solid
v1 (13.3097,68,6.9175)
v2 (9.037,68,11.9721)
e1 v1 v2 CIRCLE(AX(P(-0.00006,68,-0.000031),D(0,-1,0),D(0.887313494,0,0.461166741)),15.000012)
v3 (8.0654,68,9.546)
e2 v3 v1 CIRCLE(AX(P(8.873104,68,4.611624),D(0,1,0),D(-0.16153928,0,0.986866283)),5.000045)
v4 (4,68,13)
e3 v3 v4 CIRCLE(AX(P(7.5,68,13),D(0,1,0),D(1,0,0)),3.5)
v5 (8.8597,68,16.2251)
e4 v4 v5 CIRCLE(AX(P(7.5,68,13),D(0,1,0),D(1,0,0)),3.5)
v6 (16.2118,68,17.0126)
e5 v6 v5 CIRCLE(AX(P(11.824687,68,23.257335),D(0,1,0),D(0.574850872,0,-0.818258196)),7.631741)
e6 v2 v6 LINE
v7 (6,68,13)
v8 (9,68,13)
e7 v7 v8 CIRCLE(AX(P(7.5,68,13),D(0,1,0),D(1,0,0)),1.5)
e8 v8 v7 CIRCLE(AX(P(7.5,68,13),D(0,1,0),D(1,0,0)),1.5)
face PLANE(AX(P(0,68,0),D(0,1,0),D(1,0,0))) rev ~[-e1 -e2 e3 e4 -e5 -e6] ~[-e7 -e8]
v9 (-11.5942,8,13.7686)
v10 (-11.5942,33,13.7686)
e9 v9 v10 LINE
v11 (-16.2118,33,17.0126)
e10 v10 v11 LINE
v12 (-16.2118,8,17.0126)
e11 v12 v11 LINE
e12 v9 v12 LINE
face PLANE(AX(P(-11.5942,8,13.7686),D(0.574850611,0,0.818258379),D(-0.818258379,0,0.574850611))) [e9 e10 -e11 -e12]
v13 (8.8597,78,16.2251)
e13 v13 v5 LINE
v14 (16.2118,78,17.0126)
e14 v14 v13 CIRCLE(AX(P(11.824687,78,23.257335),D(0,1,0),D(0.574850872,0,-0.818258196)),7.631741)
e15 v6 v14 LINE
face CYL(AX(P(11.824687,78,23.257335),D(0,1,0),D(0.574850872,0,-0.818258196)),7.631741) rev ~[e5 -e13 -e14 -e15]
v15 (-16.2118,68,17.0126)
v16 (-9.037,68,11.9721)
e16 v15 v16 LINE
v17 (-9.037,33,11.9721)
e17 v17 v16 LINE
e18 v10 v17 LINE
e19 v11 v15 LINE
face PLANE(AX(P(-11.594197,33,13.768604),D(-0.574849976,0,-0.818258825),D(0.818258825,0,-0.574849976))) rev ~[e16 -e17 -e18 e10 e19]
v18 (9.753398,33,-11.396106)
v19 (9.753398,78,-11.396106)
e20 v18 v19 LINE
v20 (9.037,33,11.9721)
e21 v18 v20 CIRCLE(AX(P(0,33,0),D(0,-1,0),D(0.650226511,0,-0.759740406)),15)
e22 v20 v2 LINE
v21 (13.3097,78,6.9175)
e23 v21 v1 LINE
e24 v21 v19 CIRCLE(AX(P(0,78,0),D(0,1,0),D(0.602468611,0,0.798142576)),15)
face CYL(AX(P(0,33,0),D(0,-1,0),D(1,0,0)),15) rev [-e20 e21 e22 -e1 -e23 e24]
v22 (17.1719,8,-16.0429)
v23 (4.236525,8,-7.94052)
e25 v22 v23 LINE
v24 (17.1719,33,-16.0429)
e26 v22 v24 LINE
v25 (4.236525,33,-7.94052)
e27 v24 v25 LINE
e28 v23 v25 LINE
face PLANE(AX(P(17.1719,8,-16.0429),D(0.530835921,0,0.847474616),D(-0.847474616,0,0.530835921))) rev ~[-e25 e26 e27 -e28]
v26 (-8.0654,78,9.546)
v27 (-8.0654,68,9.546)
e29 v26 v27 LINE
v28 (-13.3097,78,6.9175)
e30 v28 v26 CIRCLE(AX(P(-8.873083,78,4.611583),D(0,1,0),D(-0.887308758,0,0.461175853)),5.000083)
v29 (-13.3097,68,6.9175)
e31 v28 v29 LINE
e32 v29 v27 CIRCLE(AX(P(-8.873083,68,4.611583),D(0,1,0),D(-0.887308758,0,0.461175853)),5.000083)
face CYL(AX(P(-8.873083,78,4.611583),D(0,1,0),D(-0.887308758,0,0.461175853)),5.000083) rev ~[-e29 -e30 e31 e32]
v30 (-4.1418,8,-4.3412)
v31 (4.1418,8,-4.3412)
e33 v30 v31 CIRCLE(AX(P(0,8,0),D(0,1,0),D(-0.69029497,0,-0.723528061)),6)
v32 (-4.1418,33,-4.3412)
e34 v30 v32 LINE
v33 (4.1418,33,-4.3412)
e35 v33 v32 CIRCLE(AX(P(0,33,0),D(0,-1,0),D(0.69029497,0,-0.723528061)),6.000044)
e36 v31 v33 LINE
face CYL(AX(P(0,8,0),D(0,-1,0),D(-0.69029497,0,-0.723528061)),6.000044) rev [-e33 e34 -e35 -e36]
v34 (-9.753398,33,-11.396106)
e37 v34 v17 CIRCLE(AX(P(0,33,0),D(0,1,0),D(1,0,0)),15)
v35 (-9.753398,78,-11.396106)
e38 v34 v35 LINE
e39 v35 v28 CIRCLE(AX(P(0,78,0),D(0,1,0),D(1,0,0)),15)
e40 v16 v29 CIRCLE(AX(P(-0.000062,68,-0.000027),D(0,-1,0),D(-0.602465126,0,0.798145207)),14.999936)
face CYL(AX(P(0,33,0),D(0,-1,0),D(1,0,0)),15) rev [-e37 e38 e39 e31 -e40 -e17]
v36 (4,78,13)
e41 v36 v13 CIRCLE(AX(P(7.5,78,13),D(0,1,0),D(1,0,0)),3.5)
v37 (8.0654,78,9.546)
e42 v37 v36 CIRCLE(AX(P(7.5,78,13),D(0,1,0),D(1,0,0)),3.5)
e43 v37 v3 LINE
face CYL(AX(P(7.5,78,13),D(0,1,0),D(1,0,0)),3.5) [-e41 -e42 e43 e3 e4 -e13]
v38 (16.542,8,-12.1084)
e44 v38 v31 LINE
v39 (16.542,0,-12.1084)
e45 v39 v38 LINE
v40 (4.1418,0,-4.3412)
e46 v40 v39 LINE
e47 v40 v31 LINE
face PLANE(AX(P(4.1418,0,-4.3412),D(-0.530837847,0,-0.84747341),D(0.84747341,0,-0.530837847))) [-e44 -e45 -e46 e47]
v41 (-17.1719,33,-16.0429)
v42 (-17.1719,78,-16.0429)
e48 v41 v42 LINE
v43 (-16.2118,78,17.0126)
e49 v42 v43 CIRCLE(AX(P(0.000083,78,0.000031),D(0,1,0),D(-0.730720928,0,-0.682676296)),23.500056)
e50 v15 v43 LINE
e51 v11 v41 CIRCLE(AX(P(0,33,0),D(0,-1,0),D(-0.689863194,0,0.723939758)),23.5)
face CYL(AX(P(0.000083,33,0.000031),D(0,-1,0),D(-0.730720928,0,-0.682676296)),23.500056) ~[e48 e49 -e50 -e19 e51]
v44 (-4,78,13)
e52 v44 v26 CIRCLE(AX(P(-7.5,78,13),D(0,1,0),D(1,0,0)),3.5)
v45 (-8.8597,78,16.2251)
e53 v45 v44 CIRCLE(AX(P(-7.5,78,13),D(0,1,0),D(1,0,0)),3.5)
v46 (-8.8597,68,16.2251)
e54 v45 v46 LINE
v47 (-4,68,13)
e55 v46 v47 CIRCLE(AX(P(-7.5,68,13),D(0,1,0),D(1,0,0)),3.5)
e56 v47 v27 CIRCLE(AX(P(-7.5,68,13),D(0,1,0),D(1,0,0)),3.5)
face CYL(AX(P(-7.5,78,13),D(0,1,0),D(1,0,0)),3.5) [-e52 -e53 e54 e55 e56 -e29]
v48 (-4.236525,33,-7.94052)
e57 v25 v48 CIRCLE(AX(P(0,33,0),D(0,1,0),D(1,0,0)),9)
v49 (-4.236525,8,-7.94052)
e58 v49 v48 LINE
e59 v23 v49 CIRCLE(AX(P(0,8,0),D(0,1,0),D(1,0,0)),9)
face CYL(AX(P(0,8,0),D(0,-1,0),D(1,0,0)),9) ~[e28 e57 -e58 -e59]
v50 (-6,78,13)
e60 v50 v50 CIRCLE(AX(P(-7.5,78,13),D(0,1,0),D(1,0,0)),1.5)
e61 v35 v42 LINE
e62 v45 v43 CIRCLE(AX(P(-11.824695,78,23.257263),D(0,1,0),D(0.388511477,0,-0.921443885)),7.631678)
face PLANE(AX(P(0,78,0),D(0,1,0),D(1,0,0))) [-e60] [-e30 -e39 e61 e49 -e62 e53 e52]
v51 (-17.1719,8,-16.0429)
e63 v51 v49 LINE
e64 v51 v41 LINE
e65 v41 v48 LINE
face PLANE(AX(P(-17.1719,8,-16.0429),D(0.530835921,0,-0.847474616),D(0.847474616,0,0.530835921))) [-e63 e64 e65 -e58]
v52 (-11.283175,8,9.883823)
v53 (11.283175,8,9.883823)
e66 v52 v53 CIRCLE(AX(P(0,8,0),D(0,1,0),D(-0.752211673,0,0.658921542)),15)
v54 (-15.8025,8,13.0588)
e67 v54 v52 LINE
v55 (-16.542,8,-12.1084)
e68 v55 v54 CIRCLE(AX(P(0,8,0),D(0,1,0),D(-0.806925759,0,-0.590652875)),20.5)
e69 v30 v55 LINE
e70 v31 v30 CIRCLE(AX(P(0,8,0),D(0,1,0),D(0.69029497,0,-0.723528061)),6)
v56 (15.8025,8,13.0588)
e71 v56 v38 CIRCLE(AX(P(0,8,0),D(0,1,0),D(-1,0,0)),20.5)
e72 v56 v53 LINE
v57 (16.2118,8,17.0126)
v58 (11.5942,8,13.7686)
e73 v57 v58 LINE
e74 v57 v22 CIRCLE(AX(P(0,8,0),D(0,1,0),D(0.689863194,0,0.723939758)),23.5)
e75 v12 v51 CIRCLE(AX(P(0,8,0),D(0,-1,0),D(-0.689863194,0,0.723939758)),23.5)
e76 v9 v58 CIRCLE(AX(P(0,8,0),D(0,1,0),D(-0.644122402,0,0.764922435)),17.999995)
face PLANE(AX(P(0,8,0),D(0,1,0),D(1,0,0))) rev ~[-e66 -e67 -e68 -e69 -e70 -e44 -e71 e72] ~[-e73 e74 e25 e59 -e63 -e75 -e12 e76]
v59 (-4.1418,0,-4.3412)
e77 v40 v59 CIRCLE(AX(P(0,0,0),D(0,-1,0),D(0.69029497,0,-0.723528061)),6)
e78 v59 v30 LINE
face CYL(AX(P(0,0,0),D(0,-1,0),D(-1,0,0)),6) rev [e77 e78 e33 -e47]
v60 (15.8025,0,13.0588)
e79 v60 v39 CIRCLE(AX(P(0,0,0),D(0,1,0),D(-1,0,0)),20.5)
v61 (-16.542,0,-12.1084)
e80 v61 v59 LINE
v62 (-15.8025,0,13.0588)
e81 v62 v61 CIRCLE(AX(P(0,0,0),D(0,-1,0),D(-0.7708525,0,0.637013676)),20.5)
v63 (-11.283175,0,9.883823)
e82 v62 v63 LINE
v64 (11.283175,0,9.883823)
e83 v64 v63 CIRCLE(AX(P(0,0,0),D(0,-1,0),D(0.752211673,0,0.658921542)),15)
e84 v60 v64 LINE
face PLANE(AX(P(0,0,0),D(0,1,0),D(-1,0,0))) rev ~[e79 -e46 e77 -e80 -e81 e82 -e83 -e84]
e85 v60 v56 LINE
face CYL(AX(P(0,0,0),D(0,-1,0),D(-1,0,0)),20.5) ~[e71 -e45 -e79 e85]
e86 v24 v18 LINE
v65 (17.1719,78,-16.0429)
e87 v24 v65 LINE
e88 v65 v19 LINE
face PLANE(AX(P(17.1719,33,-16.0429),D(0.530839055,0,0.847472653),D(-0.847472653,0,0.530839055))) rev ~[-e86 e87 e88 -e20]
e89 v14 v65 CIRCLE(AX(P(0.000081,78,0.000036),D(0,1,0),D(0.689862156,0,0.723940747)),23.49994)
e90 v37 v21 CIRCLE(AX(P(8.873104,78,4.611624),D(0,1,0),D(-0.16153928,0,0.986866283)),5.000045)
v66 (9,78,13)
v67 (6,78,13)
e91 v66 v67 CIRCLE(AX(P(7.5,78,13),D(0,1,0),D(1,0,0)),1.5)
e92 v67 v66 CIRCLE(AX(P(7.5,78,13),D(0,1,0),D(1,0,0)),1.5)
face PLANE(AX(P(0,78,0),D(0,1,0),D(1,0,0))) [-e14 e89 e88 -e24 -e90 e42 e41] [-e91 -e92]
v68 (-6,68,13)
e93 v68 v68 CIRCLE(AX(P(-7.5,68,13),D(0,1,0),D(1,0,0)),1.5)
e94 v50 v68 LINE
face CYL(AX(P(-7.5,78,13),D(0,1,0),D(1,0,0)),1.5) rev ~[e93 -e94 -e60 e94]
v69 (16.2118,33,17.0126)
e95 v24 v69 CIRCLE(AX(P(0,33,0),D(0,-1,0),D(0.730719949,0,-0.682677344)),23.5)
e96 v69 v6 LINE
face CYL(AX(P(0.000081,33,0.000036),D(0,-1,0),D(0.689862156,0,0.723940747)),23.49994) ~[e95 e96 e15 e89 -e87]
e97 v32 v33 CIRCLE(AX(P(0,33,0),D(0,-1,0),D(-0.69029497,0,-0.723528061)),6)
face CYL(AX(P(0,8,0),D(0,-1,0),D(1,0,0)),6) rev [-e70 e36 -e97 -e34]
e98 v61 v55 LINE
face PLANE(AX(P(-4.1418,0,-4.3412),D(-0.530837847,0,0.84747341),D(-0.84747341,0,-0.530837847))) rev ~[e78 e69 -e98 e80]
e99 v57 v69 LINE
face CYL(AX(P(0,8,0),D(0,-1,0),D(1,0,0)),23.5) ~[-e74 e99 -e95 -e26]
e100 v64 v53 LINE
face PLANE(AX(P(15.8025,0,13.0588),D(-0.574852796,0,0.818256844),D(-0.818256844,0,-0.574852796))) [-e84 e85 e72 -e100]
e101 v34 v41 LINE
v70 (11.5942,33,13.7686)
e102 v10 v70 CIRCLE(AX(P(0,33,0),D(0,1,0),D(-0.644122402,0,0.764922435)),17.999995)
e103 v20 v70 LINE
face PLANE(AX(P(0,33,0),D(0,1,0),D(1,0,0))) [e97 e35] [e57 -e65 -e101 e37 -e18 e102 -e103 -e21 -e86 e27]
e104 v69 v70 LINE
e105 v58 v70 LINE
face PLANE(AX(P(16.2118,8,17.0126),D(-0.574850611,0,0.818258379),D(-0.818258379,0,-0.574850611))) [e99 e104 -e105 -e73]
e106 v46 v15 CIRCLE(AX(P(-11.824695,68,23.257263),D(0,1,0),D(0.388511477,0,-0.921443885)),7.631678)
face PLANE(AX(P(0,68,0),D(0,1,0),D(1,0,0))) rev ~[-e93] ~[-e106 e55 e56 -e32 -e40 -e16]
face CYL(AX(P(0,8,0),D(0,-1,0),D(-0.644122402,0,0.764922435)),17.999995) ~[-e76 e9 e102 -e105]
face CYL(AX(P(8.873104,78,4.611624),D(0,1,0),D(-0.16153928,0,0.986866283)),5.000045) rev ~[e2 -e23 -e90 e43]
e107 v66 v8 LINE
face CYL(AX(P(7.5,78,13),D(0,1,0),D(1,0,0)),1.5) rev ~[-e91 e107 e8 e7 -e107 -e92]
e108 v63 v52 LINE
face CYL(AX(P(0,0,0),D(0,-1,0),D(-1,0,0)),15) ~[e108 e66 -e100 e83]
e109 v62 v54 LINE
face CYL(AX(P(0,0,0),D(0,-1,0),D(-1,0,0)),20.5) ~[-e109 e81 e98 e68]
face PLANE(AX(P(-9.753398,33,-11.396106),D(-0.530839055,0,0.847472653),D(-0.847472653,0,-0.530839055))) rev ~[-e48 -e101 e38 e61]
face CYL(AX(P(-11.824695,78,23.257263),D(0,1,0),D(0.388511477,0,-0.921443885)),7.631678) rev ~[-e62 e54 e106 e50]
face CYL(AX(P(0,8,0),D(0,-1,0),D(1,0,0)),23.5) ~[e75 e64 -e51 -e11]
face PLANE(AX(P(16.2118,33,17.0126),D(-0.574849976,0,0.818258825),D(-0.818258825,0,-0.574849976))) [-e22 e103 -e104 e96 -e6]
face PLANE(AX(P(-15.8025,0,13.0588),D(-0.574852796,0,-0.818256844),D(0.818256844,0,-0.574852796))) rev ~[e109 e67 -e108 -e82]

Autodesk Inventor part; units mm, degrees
ref_plane "YZ Plane" through (0, 0, 0) normal (1, 0, 0) x (0, 1, 0)
ref_plane "XZ Plane" through (0, 0, 0) normal (0, 1, 0) x (-1, 0, 0)
ref_plane "XY Plane" through (0, 0, 0) normal (0, 0, 1) x (1, 0, 0)
sketch "스케치1" plane through (0, 0, 0) normal (0, 1, 0) x (-1, 0, 0)
  circle A0 centre (0, 0) radius 6
  circle A1 centre (0, 0) radius 20.5
  line L0 (4.1418, -4.3412) -> (16.542, -12.1084)
  line L1 (0, -28.7) -> (0, 28.7) projected
  line L2 (-4.1418, -4.3412) -> (-16.542, -12.1084)
  line L3 (15.8025, 13.0588) -> (3.8109, 4.6343)
  circle A2 centre (0, 0) radius 15
  line L4 (-15.8025, 13.0588) -> (-3.8109, 4.6343)
  point P0 (11.2832, 9.8838)
  point P1 (-11.2832, 9.8838)
  point P2 (-15.8025, 13.0588)
  point P3 (-16.542, -12.1084)
  dimension "d0" = 12
  dimension "d1" = 41
  dimension "d2" = 30
extrude "돌출1" add sketch "스케치1" along normal blind 8 contours A0 L3 A2 L0 | A0 L1 A2 L3 | A0 L4 A2 L1 | L3 A1 L0 A2 | A0 L2 A2 L4 | A2 L2 A1 L4
sketch "스케치3" plane through (0, 8, 0) normal (0, 1, 0) x (1, 0, 0)
  circle A0 centre (0, 0) radius 23.5
  arc A1 (-4.1418, 4.3412) -> (4.1418, 4.3412) centre (0, 0) ccw projected
  circle A2 centre (0, 0) radius 6
  line L0 (-15.8025, -13.0588) -> (-11.2832, -9.8838) projected
  arc A3 (-11.2832, -9.8838) -> (11.2832, -9.8838) centre (0, 0) ccw projected
  arc A4 (-16.542, 12.1084) -> (-15.8025, -13.0588) centre (0, 0) ccw projected
  line L1 (11.2832, -9.8838) -> (15.8025, -13.0588) projected
  arc A5 (15.8025, -13.0588) -> (16.542, 12.1084) centre (0, 0) ccw projected
  arc A6 (16.2118, -17.0126) -> (18.9628, 13.8803) centre (0, 0) ccw
  line L2 (16.2118, -17.0126) -> (11.5942, -13.7686)
  arc A7 (-11.5942, -13.7686) -> (11.5942, -13.7686) centre (0, 0) ccw
  line L3 (-11.5942, -13.7686) -> (-16.2118, -17.0126)
  arc A8 (-18.9628, 13.8803) -> (-16.2118, -17.0126) centre (0, 0) ccw
  line L4 (-4.1418, 4.3412) -> (-16.542, 12.1084) projected
  line L5 (16.542, 12.1084) -> (4.1418, 4.3412) projected
  line L6 (-17.1719, 16.0429) -> (-1.0036, 5.9155)
  line L7 (0, 0) -> (0, 6)
  line L8 (17.1719, 16.0429) -> (1.0036, 5.9155)
  circle A9 centre (0, 0) radius 9
  point P0 (4.1418, 4.3412)
  point P1 (-4.2366, 7.9405)
  point P2 (16.2118, -17.0126)
  point P3 (4.2366, 7.9405)
  dimension "d8" = 47
  dimension "d12" = 3
  dimension "d13" = 3
extrude "돌출3" add sketch "스케치3" along normal blind 25 contours A0 L2 A7 L3 L6 A9 L4 A4 L0 A3 L1 A5 L5 L8 | A9 L5 A2 L8 | L8 A2 L6 A9 | L6 A2 L4 A9 | A9 L4 A1 L5 | L5 A5 L1 A3 L0 A4 L4 A9
sketch "스케치4" plane through (0, 33, 0) normal (0, 1, 0) x (1, 0, 0)
  circle A0 centre (0, 0) radius 15
  line L0 (-16.2118, -17.0126) -> (-9.037, -11.9721)
  line L1 (-16.2118, -17.0126) -> (-11.5942, -13.7686) projected
  arc A1 (16.2118, -17.0126) -> (17.1719, 16.0429) centre (0, 0) ccw projected
  line L2 (16.2118, -17.0126) -> (9.037, -11.9721)
  line L3 (11.5942, -13.7686) -> (16.2118, -17.0126) projected
  line L4 (-4.2366, 7.9405) -> (-17.1719, 16.0429) projected
  arc A2 (-17.1719, 16.0429) -> (-16.2118, -17.0126) centre (0, 0) ccw projected
  line L5 (17.1719, 16.0429) -> (4.2366, 7.9405) projected
  point P0 (9.7534, 11.3961)
  point P1 (-9.7534, 11.3961)
  dimension "d14" = 30
extrude "돌출4" add sketch "스케치4" along normal blind 45 contours L0 A2 L4 A0 | A0 L5 A1 L2
sketch "스케치5" plane through (0, 78, 0) normal (0, 1, 0) x (1, 0, 0)
  circle A0 centre (-7.5, -13) radius 1.5
  circle A1 centre (7.5, -13) radius 1.5
  line L0 (-7.5, -13) -> (7.5, -13)
  line L1 (0, 23.9029) -> (0, -31.1174) projected
  line L2 (-16.2118, -17.0126) -> (-9.037, -11.9721) projected
  arc A2 (-9.7534, 11.3961) -> (-9.037, -11.9721) centre (0, 0) ccw projected
  line L3 (-9.7534, 11.3961) -> (-17.1719, 16.0429) projected
  arc A3 (-17.1719, 16.0429) -> (-16.2118, -17.0126) centre (0, 0) ccw projected
  circle A4 centre (-7.5, -13) radius 3.5
  arc A5 (-13.3097, -6.9175) -> (-8.0654, -9.546) centre (-8.8731, -4.6116) ccw
  arc A6 (-9.7534, 11.3961) -> (-9.037, -11.9721) centre (0, 0) ccw projected
  arc A7 (-8.8597, -16.2251) -> (-16.2118, -17.0126) centre (-11.8247, -23.2573) ccw
  line L4 (-16.2118, -17.0126) -> (-9.037, -11.9721) projected
  circle A8 centre (7.5, -13) radius 3.5
  arc A9 (8.0654, -9.546) -> (13.3097, -6.9175) centre (8.8731, -4.6116) ccw
  arc A10 (16.2118, -17.0126) -> (8.8597, -16.2251) centre (11.8247, -23.2573) ccw
  arc A11 (9.037, -11.9721) -> (9.7534, 11.3961) centre (0, 0) ccw projected
  line L5 (9.037, -11.9721) -> (16.2118, -17.0126) projected
  point P0 (0, -13)
  dimension "d17" = 3
  dimension "d18" = 3
  dimension "d19" = 15
  dimension "d20" = 13
  dimension "d21" = 2
  dimension "d22" = 5
extrude "돌출5" add sketch "스케치5" against normal blind 10 contours A4 L2 A2 | A8 A11 L5 | A4 A2 A5 | A7 L2 A4 | A9 A11 A8 | A8 L5 A10 picked at (-9.0463, -11.1348) picked at (9.0463, -11.1348)
properties part number "가변저항 고정"
